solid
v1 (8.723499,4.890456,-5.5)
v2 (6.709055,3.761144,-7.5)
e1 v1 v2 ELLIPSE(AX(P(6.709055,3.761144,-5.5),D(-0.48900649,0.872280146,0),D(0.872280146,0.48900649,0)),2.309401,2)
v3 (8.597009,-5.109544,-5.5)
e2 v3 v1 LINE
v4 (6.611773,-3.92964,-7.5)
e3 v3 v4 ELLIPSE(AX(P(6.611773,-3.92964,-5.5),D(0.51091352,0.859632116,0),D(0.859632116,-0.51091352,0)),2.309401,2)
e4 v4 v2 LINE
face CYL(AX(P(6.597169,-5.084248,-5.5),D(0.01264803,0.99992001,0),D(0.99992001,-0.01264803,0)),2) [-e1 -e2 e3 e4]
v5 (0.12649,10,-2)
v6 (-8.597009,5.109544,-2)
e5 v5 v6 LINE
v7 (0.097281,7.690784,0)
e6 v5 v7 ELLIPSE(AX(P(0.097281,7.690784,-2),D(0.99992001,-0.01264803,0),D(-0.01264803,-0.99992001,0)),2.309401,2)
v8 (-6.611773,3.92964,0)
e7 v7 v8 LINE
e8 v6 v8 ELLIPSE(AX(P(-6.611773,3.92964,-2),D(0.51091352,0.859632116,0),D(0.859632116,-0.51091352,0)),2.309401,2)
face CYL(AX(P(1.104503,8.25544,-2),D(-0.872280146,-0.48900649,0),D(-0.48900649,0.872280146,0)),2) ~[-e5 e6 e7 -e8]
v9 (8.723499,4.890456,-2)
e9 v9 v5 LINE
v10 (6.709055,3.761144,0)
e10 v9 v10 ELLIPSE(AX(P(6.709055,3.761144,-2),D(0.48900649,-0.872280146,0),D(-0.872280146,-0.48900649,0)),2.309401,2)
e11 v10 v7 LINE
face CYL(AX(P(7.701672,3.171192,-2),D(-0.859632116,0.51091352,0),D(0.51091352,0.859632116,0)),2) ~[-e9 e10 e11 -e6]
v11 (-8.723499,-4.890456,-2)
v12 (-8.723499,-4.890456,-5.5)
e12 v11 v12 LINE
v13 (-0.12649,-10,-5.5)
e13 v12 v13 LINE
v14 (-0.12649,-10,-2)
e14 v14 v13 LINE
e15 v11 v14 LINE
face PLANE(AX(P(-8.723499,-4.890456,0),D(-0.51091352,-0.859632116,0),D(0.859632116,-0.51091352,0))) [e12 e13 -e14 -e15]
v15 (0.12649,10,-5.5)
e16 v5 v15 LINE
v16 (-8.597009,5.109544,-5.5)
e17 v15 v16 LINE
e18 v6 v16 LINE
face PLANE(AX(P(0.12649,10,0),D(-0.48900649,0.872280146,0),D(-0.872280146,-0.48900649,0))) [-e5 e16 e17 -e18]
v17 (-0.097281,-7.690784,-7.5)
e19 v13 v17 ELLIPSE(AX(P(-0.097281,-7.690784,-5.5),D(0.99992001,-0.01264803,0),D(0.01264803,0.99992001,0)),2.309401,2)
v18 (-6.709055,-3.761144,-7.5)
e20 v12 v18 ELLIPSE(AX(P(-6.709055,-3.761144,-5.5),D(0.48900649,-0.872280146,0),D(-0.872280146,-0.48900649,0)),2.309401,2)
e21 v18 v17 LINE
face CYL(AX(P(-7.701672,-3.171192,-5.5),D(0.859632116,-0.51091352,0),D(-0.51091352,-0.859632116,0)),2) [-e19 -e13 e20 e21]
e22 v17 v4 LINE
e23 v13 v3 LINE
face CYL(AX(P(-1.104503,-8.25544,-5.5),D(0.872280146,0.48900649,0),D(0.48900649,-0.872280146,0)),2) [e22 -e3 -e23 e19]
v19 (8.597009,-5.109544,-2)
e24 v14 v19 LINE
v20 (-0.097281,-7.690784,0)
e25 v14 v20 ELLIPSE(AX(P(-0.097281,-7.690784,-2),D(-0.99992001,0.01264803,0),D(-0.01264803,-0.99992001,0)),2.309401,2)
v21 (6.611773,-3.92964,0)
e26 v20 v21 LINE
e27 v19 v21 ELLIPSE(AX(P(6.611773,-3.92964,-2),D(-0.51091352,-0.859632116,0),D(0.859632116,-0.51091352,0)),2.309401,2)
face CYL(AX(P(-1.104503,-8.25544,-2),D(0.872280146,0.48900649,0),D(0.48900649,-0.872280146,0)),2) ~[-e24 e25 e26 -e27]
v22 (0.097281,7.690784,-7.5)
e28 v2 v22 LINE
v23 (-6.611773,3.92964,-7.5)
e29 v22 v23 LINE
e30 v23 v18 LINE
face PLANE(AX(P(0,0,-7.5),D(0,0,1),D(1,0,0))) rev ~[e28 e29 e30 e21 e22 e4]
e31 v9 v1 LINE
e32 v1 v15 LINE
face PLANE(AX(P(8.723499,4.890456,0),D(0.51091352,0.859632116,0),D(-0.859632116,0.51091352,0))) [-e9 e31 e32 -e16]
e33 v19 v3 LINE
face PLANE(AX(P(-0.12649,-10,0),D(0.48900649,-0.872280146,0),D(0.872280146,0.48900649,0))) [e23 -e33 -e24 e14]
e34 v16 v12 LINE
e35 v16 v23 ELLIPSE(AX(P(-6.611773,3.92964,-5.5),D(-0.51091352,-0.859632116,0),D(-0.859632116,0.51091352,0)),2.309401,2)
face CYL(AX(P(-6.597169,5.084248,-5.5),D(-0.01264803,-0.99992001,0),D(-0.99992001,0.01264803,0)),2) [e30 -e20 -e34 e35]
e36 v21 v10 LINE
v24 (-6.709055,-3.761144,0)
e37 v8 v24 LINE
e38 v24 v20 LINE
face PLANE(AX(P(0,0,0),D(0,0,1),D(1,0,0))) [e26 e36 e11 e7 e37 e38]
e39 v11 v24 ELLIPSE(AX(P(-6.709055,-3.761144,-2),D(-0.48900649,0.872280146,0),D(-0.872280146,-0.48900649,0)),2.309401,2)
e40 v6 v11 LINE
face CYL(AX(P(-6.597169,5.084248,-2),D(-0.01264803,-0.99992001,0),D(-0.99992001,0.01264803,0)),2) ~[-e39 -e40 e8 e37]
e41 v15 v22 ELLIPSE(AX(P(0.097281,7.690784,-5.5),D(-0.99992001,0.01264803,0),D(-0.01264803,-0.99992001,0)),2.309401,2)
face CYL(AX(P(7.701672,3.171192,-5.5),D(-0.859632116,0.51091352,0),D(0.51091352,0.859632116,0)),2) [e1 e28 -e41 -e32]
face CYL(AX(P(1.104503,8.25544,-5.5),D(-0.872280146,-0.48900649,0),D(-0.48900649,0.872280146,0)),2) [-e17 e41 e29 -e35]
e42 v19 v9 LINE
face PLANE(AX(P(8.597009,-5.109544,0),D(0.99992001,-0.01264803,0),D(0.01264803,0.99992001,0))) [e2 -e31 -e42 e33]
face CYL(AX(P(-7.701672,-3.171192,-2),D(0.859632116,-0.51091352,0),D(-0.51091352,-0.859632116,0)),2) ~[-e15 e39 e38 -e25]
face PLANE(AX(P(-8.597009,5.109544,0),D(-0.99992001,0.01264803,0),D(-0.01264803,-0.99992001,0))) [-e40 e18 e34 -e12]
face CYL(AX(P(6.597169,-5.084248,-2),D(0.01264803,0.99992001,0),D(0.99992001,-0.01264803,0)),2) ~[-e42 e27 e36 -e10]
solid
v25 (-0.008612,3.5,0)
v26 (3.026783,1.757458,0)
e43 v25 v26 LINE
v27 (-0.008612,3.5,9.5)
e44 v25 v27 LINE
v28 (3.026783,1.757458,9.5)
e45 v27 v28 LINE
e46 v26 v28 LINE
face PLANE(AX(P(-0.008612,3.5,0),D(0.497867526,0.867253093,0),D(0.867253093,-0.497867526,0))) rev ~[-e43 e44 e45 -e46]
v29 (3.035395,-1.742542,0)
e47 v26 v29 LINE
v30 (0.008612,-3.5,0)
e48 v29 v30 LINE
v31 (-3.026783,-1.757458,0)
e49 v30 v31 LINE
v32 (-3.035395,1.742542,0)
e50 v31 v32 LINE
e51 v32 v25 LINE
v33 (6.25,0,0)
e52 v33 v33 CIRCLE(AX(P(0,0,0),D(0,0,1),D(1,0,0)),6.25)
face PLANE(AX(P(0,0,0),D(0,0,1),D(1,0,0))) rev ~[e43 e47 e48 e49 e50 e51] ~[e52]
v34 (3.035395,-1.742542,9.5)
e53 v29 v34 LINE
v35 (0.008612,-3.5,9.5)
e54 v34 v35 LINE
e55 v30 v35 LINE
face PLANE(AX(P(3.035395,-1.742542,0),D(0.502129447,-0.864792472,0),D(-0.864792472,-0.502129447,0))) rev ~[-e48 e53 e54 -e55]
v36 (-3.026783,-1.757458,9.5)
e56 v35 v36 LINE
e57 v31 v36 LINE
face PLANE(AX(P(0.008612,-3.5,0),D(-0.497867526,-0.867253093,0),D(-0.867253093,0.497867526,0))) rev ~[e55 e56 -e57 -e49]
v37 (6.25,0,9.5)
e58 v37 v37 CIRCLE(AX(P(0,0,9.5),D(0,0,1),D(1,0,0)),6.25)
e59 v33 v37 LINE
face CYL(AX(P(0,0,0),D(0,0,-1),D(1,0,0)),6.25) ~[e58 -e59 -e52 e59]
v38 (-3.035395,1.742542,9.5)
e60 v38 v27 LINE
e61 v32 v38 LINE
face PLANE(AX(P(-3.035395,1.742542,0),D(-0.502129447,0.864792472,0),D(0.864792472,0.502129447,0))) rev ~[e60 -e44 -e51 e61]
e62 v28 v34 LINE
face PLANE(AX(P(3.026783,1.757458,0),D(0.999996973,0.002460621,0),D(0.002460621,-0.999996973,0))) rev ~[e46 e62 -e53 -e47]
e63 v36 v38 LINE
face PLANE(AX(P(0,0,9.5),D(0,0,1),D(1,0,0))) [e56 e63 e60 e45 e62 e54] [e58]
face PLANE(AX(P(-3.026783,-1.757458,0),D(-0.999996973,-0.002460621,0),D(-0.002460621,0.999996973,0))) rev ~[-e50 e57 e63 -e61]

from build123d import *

# Parameters (mm, degrees)
F0_R     = 6.25
F1_DEPTH = 9.5
F3_DEPTH = 7.5
F4_R     = 2


with BuildPart() as f1:
    # F0 (on Top) → F1 (new body)
    with BuildSketch(Plane.XY):
        Circle(F0_R)
        Polygon((-3.035395013, 1.7425416164), (-0.0086121995, 3.5), (3.0267828135, 1.7574583836), (3.035395013, -1.7425416164), (0.0086121995, -3.5), (-3.0267828135, -1.7574583836), align=None, mode=Mode.SUBTRACT)
    extrude(amount=F1_DEPTH)


with BuildPart() as f3:
    # F2 (on Top) → F3 (new body)
    with BuildSketch(Plane.XY):
        Polygon((8.7234992459, 4.8904560863), (0.1264904161, 10), (-8.5970088298, 5.1095439137), (-8.7234992459, -4.8904560863), (-0.1264904161, -10), (8.5970088298, -5.1095439137), align=None)
    extrude(amount=-F3_DEPTH)

    # F4
    f4_edges = [f3.edges().sort_by_distance(p)[0] for p in [
        (4.235259, -7.554772, -7.5),
        (8.660254, -0.109544, -7.5),
        (-4.235259, 7.554772, -7.5),
        (4.424995, 7.445228, -7.5),
        (-8.660254, 0.109544, -7.5),
        (-4.424995, -7.445228, -7.5),
        (-8.660254, 0.109544, 0),
        (-4.235259, 7.554772, 0),
        (-4.424995, -7.445228, 0),
        (4.235259, -7.554772, 0),
        (4.424995, 7.445228, 0),
        (8.660254, -0.109544, 0),
    ]]
    fillet(f4_edges, radius=F4_R)


solid = Compound([f1.part, f3.part])
